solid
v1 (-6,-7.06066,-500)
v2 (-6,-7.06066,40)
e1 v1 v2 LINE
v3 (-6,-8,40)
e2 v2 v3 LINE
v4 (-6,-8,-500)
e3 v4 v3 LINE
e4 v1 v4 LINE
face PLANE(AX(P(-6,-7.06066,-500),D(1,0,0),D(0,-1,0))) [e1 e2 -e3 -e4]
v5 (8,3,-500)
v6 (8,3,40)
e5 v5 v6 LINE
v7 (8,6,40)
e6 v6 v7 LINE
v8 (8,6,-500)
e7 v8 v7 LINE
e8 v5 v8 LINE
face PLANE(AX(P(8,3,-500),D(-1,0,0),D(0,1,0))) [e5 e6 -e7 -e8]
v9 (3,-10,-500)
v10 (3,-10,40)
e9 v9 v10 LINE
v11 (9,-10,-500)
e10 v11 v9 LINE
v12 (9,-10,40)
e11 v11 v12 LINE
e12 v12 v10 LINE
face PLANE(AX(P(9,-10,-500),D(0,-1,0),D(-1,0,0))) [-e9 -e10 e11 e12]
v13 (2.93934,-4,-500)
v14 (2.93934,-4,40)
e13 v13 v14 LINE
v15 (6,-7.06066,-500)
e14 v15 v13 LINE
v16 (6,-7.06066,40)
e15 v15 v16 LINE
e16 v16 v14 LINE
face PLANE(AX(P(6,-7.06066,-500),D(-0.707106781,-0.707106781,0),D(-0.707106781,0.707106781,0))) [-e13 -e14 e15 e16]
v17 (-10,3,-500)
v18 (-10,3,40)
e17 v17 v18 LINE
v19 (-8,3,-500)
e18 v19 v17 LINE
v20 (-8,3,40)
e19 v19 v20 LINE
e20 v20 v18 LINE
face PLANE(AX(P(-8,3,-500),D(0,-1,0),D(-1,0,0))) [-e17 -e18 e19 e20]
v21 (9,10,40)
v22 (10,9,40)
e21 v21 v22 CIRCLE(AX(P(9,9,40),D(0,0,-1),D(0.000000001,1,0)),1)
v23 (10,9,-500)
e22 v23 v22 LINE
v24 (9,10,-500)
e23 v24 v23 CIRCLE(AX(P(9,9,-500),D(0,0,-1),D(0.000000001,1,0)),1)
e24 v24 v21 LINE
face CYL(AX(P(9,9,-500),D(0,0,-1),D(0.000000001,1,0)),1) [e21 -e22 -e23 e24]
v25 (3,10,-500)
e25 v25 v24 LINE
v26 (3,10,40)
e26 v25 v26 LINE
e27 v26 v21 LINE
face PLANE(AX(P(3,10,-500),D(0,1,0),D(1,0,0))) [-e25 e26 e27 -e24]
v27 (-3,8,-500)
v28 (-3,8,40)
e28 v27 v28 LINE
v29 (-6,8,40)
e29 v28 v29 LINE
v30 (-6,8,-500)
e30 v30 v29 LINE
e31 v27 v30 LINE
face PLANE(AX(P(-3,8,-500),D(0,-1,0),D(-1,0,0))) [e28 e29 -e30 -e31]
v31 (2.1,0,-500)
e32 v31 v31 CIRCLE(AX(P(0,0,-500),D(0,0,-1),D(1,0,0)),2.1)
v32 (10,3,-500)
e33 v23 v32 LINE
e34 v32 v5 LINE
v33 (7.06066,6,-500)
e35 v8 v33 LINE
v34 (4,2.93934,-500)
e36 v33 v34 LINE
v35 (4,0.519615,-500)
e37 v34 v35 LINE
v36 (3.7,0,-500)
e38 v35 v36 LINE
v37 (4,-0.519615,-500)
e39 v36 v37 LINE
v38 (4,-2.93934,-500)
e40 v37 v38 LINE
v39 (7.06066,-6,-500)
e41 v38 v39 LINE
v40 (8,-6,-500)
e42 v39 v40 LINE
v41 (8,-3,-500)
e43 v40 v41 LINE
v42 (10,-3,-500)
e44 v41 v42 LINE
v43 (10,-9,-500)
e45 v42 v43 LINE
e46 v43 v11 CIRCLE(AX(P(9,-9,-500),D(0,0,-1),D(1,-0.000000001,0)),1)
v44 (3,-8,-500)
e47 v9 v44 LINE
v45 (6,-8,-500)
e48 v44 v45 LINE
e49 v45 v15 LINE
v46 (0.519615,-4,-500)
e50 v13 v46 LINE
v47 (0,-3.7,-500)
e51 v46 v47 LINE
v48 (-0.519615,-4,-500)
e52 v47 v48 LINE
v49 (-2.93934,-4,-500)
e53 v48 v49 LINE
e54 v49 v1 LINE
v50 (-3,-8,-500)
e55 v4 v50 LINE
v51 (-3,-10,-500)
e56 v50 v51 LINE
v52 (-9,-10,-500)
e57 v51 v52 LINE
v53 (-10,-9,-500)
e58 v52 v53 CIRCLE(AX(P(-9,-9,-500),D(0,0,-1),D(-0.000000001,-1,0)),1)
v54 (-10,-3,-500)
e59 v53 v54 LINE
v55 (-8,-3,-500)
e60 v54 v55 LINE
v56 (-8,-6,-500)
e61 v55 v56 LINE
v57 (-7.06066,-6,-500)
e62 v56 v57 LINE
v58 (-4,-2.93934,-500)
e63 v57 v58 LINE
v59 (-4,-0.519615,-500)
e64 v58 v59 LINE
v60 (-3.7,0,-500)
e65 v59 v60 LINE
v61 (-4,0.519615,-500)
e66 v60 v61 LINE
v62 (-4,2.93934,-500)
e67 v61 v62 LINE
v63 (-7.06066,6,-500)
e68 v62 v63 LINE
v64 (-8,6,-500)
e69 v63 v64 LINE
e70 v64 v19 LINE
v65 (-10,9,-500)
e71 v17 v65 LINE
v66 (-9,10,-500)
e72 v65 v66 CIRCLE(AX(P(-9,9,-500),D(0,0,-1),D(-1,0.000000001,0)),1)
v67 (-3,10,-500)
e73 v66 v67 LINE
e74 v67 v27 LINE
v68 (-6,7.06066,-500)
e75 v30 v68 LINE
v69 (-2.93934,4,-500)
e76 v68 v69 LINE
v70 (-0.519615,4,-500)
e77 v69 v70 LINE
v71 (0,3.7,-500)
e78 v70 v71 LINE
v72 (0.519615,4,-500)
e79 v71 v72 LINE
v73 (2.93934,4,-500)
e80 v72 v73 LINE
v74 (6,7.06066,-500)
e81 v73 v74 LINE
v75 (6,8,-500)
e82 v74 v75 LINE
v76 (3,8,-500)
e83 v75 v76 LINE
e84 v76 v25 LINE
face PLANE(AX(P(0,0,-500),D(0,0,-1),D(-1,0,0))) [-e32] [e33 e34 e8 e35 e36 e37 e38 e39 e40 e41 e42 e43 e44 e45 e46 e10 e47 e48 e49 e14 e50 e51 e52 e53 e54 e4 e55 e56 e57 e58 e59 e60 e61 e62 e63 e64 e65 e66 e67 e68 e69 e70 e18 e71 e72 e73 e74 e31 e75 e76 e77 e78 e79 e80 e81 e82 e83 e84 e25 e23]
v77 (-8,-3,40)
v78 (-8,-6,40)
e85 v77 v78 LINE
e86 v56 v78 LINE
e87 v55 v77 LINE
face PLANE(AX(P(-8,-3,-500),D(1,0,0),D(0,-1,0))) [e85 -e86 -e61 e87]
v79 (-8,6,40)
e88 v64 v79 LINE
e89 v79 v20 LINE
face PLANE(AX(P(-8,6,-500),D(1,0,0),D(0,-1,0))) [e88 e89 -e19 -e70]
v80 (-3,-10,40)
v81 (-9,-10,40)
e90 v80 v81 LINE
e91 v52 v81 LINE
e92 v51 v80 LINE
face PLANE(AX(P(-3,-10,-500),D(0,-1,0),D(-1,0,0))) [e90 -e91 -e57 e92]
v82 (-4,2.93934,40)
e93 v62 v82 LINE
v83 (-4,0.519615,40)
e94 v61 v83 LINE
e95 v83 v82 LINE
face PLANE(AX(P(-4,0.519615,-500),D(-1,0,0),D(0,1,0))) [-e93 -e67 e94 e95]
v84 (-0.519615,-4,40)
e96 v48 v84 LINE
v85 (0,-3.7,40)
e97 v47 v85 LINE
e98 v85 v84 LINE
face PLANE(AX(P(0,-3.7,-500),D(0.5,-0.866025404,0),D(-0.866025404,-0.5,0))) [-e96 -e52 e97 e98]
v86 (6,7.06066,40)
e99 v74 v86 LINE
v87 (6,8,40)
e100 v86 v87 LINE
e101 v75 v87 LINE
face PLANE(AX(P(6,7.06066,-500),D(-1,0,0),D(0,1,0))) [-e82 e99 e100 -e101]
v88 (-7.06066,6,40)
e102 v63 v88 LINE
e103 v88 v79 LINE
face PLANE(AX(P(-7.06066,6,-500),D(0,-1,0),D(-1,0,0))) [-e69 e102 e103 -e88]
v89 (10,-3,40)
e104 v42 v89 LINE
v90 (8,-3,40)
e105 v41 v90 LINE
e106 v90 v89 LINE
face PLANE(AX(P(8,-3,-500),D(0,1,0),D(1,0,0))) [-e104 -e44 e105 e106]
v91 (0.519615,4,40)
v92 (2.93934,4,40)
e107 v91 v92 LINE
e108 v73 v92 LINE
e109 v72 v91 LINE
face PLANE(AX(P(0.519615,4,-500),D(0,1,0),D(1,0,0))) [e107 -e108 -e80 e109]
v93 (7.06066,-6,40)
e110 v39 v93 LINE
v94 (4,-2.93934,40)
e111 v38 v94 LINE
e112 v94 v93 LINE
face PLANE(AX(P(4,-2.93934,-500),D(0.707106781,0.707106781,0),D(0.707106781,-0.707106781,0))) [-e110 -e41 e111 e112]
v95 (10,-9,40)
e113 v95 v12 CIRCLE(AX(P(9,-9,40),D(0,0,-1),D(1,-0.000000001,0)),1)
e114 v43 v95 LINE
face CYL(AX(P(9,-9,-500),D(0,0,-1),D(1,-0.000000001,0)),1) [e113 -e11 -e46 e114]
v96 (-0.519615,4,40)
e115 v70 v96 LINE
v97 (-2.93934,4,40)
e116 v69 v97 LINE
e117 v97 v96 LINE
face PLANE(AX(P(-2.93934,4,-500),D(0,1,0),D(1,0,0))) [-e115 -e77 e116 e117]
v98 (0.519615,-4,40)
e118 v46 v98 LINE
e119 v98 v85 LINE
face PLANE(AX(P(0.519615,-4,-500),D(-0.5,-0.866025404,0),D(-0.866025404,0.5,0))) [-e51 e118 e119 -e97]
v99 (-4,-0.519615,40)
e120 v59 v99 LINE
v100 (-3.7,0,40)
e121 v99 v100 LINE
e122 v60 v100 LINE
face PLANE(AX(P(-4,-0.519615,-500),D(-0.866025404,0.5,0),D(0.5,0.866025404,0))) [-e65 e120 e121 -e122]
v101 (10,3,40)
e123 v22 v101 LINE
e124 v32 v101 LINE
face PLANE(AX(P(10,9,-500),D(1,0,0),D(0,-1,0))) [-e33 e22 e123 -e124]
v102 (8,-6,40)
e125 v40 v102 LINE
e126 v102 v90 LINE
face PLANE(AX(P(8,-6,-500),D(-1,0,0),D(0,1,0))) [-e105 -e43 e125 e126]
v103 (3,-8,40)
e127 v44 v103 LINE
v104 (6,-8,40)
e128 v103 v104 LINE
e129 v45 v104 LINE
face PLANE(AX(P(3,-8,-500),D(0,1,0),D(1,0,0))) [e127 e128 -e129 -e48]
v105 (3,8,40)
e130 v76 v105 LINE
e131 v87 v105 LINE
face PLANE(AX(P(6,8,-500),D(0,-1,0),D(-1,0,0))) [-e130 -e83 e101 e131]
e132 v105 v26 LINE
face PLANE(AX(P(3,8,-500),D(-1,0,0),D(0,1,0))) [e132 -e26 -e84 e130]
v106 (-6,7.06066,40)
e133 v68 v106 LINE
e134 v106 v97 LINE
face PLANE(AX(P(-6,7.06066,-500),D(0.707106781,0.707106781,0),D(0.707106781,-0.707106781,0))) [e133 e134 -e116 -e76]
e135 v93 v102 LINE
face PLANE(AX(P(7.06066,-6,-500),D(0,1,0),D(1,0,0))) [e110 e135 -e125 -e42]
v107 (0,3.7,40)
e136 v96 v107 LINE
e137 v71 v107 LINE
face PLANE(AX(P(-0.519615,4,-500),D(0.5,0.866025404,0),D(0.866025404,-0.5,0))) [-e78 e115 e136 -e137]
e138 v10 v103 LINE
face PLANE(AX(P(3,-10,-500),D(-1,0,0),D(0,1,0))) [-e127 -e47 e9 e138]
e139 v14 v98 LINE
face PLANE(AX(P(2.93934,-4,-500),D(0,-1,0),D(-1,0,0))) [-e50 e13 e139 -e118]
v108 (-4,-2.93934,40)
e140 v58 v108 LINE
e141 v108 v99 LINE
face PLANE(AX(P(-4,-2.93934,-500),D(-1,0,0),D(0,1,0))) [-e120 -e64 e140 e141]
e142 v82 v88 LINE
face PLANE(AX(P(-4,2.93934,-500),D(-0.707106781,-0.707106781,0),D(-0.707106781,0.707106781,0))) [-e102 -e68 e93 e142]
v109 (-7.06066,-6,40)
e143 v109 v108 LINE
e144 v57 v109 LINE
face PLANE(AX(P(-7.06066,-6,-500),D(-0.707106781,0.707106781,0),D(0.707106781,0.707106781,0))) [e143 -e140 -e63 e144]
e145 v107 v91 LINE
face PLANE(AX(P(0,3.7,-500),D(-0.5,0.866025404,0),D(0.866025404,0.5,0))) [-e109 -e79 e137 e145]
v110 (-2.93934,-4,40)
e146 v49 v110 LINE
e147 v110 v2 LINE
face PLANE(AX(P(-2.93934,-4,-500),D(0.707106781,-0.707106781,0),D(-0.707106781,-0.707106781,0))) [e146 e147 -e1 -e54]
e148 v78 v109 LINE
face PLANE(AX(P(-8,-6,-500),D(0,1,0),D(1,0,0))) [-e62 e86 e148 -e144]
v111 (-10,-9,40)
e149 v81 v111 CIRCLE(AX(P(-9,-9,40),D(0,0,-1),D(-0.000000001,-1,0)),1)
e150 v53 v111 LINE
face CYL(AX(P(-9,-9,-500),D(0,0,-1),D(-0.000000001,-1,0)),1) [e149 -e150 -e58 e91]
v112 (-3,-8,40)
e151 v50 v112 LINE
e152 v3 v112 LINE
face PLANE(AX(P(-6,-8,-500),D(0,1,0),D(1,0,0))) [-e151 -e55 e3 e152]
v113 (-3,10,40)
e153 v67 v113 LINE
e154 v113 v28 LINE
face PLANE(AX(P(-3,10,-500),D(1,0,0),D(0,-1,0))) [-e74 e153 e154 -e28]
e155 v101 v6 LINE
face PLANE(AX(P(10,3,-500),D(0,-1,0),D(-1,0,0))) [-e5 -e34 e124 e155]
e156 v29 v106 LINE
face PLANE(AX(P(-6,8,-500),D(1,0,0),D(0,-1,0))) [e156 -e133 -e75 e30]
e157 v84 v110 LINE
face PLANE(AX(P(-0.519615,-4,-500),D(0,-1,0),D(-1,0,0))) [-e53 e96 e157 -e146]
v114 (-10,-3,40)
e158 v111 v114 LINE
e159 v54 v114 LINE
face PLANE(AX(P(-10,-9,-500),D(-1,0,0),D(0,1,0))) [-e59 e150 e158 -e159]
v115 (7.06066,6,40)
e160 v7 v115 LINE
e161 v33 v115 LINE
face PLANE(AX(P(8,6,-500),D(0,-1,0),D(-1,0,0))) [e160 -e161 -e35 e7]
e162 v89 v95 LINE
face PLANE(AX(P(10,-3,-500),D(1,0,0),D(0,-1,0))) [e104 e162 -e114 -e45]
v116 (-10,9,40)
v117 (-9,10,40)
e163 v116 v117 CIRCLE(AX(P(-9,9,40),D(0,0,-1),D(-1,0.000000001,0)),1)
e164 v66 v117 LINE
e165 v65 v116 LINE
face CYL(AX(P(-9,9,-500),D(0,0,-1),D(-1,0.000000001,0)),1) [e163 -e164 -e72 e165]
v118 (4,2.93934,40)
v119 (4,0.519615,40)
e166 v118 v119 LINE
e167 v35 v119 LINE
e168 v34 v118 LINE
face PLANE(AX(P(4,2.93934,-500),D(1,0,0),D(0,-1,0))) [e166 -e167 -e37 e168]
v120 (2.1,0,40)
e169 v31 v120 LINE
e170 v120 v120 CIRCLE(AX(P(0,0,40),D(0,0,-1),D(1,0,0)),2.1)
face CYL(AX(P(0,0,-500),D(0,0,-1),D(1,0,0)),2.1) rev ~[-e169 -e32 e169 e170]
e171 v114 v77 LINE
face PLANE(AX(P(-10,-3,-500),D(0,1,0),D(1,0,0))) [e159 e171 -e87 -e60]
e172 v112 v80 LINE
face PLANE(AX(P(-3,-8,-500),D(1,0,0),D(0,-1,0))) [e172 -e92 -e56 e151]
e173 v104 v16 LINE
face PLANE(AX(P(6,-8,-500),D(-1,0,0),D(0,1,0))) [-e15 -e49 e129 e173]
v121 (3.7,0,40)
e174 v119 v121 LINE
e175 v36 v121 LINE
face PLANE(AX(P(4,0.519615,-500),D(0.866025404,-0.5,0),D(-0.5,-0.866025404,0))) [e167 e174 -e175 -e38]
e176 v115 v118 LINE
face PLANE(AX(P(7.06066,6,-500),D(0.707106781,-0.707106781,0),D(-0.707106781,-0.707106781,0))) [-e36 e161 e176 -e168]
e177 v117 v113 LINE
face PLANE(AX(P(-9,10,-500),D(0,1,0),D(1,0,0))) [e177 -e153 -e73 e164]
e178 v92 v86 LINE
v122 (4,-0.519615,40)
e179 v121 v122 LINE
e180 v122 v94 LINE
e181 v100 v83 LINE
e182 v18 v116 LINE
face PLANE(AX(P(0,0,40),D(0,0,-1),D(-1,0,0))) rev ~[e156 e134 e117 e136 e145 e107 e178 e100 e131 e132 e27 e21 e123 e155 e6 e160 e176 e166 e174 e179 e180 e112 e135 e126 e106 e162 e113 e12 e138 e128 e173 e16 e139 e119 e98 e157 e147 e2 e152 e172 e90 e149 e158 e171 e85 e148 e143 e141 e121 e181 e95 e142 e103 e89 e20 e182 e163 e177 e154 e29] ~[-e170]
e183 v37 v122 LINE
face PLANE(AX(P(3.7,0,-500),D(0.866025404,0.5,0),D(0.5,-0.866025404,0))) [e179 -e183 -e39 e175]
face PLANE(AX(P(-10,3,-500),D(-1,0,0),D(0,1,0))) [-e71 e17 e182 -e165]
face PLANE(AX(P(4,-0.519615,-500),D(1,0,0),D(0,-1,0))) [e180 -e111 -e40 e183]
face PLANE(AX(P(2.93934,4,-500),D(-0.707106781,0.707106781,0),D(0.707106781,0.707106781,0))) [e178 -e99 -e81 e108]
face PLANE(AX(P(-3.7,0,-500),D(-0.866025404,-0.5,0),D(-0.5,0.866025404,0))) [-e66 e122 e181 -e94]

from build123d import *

# Parameters (mm, degrees)
SKETCH1_R           = 2.1
BOSS_EXTRUDE1_DEPTH = 540


with BuildPart() as part:
    # Sketch1 → Boss-Extrude1 (new body)
    with BuildSketch(Plane(origin=(0, 0, -500), x_dir=(-1, 0, 0), z_dir=(0, 0, -1))):
        with BuildLine():
            Line((9, 10), (3, 10))
            Line((3, 10), (3, 8))
            Line((3, 8), (6, 8))
            Line((6, 8), (6, 7.060660172))
            Line((6, 7.060660172), (2.939339828, 4))
            Line((2.939339828, 4), (0.519615242, 4))
            Line((0.519615242, 4), (0, 3.7))
            Line((0, 3.7), (-0.519615242, 4))
            Line((-0.519615242, 4), (-2.939339828, 4))
            Line((-2.939339828, 4), (-6, 7.060660172))
            Line((-6, 7.060660172), (-6, 8))
            Line((-6, 8), (-3, 8))
            Line((-3, 8), (-3, 10))
            Line((-3, 10), (-9, 10))
            ThreePointArc((-9, 10), (-9.707106781, 9.707106781), (-10, 9))
            Line((-10, 9), (-10, 3))
            Line((-10, 3), (-8, 3))
            Line((-8, 3), (-8, 6))
            Line((-8, 6), (-7.060660172, 6))
            Line((-7.060660172, 6), (-4, 2.939339828))
            Line((-4, 2.939339828), (-4, 0.519615242))
            Line((-4, 0.519615242), (-3.7, 0))
            Line((-3.7, 0), (-4, -0.519615242))
            Line((-4, -0.519615242), (-4, -2.939339828))
            Line((-4, -2.939339828), (-7.060660172, -6))
            Line((-7.060660172, -6), (-8, -6))
            Line((-8, -6), (-8, -3))
            Line((-8, -3), (-10, -3))
            Line((-10, -3), (-10, -9))
            ThreePointArc((-10, -9), (-9.707106781, -9.707106781), (-9, -10))
            Line((-9, -10), (-3, -10))
            Line((-3, -10), (-3, -8))
            Line((-3, -8), (-6, -8))
            Line((-6, -8), (-6, -7.060660172))
            Line((-6, -7.060660172), (-2.939339828, -4))
            Line((-2.939339828, -4), (-0.519615242, -4))
            Line((-0.519615242, -4), (0, -3.7))
            Line((0, -3.7), (0.519615242, -4))
            Line((0.519615242, -4), (2.939339828, -4))
            Line((2.939339828, -4), (6, -7.060660172))
            Line((6, -7.060660172), (6, -8))
            Line((6, -8), (3, -8))
            Line((3, -8), (3, -10))
            Line((3, -10), (9, -10))
            ThreePointArc((9, -10), (9.707106781, -9.707106781), (10, -9))
            Line((10, -9), (10, -3))
            Line((10, -3), (8, -3))
            Line((8, -3), (8, -6))
            Line((8, -6), (7.060660172, -6))
            Line((7.060660172, -6), (4, -2.939339828))
            Line((4, -2.939339828), (4, -0.519615242))
            Line((4, -0.519615242), (3.7, 0))
            Line((3.7, 0), (4, 0.519615242))
            Line((4, 0.519615242), (4, 2.939339828))
            Line((4, 2.939339828), (7.060660172, 6))
            Line((7.060660172, 6), (8, 6))
            Line((8, 6), (8, 3))
            Line((8, 3), (10, 3))
            Line((10, 3), (10, 9))
            ThreePointArc((10, 9), (9.707106781, 9.707106781), (9, 10))
        make_face()
        with Locations(Location((0, 0, 0), (0, 0, 180))):
            Circle(SKETCH1_R, mode=Mode.SUBTRACT)
    extrude(amount=-BOSS_EXTRUDE1_DEPTH)


solid = part.part
